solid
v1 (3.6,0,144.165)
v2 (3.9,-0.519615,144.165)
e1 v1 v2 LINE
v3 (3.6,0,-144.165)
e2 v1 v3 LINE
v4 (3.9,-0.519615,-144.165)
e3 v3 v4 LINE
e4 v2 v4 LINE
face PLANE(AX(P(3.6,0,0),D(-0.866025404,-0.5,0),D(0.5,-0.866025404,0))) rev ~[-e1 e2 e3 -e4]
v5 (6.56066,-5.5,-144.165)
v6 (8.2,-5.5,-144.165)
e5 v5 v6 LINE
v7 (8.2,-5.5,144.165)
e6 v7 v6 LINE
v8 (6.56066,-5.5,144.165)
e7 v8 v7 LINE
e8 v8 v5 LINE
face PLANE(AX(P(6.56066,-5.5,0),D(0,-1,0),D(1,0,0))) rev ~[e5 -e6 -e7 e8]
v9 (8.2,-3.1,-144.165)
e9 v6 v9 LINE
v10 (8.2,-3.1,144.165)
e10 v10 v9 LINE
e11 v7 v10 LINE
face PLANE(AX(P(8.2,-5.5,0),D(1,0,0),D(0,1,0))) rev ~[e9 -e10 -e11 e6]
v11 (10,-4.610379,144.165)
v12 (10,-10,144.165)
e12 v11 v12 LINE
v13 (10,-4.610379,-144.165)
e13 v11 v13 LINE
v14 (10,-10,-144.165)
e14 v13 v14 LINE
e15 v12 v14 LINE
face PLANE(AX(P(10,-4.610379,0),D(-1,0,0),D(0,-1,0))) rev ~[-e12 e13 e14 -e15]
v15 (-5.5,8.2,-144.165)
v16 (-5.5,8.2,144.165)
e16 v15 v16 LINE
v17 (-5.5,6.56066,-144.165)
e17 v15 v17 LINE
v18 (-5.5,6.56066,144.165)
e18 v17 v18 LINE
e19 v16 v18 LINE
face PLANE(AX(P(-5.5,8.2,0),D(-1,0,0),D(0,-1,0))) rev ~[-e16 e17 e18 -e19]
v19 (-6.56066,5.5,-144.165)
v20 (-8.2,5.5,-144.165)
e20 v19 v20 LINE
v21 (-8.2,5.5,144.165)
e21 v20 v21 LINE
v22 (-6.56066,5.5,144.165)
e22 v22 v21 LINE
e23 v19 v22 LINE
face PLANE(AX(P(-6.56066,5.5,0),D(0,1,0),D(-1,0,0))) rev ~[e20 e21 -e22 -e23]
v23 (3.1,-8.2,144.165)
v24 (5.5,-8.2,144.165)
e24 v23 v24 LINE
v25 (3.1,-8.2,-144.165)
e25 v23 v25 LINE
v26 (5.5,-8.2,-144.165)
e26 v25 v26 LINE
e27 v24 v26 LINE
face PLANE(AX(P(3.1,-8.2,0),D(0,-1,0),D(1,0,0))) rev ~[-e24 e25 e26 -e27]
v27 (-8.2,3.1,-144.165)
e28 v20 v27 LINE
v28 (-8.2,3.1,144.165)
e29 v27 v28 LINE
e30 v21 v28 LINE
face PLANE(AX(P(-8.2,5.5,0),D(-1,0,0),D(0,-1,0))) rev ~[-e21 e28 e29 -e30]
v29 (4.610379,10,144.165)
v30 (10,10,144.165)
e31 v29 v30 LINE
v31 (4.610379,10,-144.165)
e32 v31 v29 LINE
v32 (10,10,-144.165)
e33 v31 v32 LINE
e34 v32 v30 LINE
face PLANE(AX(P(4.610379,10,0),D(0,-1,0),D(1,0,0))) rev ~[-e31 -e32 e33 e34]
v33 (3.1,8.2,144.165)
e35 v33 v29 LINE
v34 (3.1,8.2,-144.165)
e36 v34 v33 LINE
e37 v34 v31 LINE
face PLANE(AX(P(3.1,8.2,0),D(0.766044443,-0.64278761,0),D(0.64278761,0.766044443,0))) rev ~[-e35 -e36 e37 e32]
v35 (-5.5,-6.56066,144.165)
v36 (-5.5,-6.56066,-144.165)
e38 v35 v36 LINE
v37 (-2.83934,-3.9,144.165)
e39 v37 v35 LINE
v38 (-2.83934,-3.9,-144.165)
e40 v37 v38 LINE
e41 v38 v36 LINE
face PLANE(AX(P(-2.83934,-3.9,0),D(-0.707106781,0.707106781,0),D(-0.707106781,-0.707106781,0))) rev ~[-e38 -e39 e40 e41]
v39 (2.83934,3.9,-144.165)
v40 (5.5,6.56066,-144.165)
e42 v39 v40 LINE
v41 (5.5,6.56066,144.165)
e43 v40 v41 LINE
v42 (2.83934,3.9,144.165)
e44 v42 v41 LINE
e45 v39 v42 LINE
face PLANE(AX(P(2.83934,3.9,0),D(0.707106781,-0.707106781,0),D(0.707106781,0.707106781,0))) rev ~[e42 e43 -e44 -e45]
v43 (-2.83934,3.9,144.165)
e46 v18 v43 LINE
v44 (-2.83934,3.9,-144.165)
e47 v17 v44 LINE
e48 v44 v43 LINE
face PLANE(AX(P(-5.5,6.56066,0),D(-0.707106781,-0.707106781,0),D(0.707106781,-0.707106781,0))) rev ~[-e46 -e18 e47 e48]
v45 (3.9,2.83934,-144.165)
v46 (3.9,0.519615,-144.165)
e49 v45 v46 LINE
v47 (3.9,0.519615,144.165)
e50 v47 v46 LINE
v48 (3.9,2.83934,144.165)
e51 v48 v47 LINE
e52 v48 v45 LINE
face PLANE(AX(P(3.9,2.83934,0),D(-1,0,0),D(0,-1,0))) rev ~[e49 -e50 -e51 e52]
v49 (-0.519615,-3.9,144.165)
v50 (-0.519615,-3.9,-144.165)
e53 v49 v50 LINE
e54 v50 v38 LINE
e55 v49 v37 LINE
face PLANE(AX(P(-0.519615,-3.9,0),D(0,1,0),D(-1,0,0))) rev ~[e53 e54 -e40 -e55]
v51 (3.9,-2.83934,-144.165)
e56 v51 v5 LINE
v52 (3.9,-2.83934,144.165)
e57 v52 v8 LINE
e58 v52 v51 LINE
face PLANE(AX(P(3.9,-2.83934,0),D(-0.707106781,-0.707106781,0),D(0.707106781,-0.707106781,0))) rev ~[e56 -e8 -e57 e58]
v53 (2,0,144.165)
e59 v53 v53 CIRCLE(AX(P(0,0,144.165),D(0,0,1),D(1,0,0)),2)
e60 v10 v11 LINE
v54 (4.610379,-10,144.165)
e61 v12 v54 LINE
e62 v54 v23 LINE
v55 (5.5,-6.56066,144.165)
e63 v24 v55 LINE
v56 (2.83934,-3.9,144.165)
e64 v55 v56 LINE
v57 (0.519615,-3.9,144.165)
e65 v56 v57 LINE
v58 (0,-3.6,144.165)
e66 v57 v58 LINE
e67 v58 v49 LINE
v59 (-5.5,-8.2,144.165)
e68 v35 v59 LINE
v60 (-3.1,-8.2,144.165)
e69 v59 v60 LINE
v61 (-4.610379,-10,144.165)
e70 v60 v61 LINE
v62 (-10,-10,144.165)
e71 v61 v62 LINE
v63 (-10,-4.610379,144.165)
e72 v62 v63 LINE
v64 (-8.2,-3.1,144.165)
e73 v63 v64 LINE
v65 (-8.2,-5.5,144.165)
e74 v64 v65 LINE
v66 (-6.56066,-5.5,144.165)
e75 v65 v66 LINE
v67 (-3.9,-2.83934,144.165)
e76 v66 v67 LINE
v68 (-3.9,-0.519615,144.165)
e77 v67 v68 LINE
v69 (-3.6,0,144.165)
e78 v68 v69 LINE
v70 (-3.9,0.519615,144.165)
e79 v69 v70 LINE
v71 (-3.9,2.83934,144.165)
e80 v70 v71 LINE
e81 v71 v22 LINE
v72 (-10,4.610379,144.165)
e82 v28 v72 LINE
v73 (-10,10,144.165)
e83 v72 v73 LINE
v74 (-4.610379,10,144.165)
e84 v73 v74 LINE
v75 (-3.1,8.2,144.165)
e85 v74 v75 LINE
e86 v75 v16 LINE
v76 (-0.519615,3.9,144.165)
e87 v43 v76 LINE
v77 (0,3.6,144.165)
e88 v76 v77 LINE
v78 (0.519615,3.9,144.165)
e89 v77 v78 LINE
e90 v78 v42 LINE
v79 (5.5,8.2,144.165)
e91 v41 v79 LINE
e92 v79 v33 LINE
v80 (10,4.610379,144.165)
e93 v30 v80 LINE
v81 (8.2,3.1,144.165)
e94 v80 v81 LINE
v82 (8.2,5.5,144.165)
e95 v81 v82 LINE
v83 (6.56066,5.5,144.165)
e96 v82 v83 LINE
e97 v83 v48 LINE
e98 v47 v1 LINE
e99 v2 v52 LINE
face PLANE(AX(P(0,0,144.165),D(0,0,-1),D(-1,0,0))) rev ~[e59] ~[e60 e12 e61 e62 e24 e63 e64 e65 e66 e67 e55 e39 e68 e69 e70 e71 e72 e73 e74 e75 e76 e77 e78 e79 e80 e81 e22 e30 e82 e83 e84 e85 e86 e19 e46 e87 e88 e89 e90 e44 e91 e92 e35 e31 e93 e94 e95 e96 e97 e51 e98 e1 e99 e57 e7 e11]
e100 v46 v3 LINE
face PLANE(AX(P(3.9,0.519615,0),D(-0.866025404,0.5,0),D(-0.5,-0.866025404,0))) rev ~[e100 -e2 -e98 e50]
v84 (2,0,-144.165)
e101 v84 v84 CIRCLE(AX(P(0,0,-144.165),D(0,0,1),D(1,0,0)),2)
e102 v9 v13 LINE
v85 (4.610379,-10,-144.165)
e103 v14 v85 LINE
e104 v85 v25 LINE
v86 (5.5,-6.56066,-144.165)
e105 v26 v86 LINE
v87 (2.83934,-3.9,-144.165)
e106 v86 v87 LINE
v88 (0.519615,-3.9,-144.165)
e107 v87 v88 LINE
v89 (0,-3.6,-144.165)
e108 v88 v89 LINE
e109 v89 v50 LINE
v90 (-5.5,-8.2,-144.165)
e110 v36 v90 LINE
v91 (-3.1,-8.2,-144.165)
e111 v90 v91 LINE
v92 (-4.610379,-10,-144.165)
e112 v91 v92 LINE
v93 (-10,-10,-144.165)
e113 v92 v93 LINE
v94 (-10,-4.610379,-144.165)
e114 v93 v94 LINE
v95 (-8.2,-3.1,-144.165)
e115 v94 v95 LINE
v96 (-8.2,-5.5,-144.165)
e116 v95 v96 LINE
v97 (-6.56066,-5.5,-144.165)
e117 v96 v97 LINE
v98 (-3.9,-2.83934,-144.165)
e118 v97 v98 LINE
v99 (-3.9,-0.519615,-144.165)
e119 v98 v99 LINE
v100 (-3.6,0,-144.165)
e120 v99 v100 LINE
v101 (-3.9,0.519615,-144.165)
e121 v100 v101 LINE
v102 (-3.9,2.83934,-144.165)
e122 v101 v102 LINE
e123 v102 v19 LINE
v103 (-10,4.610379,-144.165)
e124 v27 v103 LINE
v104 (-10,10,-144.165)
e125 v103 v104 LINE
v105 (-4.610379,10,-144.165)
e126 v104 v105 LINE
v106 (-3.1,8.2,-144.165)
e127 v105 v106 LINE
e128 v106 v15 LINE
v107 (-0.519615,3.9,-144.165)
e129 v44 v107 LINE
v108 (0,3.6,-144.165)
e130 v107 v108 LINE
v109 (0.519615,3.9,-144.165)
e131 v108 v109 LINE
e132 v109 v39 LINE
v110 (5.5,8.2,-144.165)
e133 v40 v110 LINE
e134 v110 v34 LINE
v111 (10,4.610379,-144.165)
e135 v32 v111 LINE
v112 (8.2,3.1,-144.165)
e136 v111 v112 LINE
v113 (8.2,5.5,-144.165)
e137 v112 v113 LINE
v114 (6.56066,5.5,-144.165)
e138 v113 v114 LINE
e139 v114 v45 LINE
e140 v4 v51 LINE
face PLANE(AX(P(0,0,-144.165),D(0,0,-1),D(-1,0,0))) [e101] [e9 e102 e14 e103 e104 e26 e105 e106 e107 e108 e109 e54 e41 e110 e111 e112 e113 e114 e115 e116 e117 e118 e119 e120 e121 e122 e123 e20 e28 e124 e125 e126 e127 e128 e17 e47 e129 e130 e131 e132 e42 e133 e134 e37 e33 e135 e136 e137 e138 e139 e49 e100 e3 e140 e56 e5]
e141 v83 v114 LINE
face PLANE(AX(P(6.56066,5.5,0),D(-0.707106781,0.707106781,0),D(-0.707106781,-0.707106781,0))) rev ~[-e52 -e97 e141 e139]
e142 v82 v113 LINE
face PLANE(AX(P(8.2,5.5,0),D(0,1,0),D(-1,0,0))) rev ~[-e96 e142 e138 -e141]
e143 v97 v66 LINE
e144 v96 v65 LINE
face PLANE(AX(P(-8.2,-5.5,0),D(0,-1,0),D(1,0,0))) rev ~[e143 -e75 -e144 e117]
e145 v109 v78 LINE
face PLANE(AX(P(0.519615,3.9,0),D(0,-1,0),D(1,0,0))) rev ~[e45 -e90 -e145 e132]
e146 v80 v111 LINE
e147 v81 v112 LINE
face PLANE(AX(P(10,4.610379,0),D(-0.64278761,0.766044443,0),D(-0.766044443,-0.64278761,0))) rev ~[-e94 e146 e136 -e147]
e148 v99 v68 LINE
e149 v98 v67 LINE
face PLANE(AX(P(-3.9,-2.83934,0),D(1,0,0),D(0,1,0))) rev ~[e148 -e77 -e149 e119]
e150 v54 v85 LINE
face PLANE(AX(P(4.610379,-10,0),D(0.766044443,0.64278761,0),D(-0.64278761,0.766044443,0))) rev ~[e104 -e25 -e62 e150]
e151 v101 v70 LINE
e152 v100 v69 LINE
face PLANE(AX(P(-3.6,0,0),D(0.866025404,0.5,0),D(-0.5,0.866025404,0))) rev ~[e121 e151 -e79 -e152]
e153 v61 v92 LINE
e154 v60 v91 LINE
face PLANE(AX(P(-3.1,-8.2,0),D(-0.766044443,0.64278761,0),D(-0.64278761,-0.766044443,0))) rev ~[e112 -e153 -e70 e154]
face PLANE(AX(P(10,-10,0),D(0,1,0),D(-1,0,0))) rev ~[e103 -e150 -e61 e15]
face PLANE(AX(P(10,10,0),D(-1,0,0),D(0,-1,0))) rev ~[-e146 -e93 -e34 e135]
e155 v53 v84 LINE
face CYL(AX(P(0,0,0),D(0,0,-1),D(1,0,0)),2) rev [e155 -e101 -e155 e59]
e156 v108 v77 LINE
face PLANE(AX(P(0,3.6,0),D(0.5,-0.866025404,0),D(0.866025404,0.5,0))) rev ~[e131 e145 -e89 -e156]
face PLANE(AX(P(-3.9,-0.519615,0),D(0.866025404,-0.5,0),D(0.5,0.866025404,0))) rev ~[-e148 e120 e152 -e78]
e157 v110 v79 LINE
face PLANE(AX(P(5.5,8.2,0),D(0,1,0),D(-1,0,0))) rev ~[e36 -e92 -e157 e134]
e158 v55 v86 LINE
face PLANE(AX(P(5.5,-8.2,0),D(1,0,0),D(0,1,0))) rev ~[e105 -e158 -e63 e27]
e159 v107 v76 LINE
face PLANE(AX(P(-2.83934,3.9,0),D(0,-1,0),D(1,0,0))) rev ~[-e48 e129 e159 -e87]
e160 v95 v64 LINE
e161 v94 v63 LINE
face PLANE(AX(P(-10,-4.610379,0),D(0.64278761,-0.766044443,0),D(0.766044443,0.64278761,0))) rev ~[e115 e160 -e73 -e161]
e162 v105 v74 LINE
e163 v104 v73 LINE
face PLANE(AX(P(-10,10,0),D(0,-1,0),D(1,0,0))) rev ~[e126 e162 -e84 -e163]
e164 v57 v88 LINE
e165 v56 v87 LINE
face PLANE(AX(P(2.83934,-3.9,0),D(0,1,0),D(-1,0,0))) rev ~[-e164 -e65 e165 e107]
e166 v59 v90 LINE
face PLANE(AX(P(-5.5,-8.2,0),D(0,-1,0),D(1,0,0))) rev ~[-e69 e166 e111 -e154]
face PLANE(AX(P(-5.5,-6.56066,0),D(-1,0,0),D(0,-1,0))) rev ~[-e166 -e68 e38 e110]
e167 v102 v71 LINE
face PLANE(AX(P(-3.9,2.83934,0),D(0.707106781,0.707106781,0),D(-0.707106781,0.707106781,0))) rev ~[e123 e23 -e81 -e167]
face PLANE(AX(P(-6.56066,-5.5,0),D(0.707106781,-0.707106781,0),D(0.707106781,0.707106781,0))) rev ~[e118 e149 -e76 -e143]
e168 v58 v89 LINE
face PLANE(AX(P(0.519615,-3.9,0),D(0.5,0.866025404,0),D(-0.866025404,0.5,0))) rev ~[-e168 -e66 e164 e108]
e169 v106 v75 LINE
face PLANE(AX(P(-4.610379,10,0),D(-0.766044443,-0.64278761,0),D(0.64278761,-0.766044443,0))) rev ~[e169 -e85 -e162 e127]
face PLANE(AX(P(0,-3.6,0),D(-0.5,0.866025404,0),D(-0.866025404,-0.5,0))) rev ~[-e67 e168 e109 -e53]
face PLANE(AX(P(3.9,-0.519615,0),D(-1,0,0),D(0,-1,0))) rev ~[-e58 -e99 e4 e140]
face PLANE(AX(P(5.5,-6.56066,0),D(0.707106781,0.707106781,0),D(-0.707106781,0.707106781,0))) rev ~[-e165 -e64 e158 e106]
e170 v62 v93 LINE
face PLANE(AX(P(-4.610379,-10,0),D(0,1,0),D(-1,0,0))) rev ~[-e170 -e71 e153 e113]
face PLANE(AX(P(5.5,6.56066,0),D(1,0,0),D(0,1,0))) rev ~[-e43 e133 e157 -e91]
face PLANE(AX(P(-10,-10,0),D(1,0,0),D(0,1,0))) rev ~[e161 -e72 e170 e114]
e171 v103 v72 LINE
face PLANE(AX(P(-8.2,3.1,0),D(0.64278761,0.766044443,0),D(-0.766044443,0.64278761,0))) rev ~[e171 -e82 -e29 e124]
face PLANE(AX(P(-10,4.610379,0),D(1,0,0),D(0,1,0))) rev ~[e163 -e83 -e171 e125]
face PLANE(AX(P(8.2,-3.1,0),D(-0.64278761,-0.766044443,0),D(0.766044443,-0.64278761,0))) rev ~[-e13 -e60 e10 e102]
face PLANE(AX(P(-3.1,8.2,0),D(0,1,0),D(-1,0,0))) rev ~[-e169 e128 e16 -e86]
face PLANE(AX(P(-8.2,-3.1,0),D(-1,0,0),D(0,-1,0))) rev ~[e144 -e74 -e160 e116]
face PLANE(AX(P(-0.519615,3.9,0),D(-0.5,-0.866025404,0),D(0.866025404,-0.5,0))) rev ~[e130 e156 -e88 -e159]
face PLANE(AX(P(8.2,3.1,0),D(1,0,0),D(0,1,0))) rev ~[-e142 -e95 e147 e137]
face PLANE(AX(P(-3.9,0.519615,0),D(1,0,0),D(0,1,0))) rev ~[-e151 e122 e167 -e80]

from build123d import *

# Parameters (mm, degrees)
SKETCH1_R           = 2
BOSS_EXTRUDE1_DEPTH = 144.165


with BuildPart() as part:
    # Sketch1 → Boss-Extrude1 (new body, symmetric)
    with BuildSketch(Plane.XY):
        Polygon((10, 10), (10, 4.610379336), (8.2, 3.1), (8.2, 5.5), (6.560660172, 5.5), (3.9, 2.839339828), (3.9, 0.519615242), (3.6, 0), (3.9, -0.519615242), (3.9, -2.839339828), (6.560660172, -5.5), (8.2, -5.5), (8.2, -3.1), (10, -4.610379336), (10, -10), (4.610379336, -10), (3.1, -8.2), (5.5, -8.2), (5.5, -6.560660172), (2.839339828, -3.9), (0.519615242, -3.9), (0, -3.6), (-0.519615242, -3.9), (-2.839339828, -3.9), (-5.5, -6.560660172), (-5.5, -8.2), (-3.1, -8.2), (-4.610379336, -10), (-10, -10), (-10, -4.610379336), (-8.2, -3.1), (-8.2, -5.5), (-6.560660172, -5.5), (-3.9, -2.839339828), (-3.9, -0.519615242), (-3.6, 0), (-3.9, 0.519615242), (-3.9, 2.839339828), (-6.560660172, 5.5), (-8.2, 5.5), (-8.2, 3.1), (-10, 4.610379336), (-10, 10), (-4.610379336, 10), (-3.1, 8.2), (-5.5, 8.2), (-5.5, 6.560660172), (-2.839339828, 3.9), (-0.519615242, 3.9), (0, 3.6), (0.519615242, 3.9), (2.839339828, 3.9), (5.5, 6.560660172), (5.5, 8.2), (3.1, 8.2), (4.610379336, 10), align=None)
        Circle(SKETCH1_R, mode=Mode.SUBTRACT)
    extrude(amount=BOSS_EXTRUDE1_DEPTH, both=True)


solid = part.part
